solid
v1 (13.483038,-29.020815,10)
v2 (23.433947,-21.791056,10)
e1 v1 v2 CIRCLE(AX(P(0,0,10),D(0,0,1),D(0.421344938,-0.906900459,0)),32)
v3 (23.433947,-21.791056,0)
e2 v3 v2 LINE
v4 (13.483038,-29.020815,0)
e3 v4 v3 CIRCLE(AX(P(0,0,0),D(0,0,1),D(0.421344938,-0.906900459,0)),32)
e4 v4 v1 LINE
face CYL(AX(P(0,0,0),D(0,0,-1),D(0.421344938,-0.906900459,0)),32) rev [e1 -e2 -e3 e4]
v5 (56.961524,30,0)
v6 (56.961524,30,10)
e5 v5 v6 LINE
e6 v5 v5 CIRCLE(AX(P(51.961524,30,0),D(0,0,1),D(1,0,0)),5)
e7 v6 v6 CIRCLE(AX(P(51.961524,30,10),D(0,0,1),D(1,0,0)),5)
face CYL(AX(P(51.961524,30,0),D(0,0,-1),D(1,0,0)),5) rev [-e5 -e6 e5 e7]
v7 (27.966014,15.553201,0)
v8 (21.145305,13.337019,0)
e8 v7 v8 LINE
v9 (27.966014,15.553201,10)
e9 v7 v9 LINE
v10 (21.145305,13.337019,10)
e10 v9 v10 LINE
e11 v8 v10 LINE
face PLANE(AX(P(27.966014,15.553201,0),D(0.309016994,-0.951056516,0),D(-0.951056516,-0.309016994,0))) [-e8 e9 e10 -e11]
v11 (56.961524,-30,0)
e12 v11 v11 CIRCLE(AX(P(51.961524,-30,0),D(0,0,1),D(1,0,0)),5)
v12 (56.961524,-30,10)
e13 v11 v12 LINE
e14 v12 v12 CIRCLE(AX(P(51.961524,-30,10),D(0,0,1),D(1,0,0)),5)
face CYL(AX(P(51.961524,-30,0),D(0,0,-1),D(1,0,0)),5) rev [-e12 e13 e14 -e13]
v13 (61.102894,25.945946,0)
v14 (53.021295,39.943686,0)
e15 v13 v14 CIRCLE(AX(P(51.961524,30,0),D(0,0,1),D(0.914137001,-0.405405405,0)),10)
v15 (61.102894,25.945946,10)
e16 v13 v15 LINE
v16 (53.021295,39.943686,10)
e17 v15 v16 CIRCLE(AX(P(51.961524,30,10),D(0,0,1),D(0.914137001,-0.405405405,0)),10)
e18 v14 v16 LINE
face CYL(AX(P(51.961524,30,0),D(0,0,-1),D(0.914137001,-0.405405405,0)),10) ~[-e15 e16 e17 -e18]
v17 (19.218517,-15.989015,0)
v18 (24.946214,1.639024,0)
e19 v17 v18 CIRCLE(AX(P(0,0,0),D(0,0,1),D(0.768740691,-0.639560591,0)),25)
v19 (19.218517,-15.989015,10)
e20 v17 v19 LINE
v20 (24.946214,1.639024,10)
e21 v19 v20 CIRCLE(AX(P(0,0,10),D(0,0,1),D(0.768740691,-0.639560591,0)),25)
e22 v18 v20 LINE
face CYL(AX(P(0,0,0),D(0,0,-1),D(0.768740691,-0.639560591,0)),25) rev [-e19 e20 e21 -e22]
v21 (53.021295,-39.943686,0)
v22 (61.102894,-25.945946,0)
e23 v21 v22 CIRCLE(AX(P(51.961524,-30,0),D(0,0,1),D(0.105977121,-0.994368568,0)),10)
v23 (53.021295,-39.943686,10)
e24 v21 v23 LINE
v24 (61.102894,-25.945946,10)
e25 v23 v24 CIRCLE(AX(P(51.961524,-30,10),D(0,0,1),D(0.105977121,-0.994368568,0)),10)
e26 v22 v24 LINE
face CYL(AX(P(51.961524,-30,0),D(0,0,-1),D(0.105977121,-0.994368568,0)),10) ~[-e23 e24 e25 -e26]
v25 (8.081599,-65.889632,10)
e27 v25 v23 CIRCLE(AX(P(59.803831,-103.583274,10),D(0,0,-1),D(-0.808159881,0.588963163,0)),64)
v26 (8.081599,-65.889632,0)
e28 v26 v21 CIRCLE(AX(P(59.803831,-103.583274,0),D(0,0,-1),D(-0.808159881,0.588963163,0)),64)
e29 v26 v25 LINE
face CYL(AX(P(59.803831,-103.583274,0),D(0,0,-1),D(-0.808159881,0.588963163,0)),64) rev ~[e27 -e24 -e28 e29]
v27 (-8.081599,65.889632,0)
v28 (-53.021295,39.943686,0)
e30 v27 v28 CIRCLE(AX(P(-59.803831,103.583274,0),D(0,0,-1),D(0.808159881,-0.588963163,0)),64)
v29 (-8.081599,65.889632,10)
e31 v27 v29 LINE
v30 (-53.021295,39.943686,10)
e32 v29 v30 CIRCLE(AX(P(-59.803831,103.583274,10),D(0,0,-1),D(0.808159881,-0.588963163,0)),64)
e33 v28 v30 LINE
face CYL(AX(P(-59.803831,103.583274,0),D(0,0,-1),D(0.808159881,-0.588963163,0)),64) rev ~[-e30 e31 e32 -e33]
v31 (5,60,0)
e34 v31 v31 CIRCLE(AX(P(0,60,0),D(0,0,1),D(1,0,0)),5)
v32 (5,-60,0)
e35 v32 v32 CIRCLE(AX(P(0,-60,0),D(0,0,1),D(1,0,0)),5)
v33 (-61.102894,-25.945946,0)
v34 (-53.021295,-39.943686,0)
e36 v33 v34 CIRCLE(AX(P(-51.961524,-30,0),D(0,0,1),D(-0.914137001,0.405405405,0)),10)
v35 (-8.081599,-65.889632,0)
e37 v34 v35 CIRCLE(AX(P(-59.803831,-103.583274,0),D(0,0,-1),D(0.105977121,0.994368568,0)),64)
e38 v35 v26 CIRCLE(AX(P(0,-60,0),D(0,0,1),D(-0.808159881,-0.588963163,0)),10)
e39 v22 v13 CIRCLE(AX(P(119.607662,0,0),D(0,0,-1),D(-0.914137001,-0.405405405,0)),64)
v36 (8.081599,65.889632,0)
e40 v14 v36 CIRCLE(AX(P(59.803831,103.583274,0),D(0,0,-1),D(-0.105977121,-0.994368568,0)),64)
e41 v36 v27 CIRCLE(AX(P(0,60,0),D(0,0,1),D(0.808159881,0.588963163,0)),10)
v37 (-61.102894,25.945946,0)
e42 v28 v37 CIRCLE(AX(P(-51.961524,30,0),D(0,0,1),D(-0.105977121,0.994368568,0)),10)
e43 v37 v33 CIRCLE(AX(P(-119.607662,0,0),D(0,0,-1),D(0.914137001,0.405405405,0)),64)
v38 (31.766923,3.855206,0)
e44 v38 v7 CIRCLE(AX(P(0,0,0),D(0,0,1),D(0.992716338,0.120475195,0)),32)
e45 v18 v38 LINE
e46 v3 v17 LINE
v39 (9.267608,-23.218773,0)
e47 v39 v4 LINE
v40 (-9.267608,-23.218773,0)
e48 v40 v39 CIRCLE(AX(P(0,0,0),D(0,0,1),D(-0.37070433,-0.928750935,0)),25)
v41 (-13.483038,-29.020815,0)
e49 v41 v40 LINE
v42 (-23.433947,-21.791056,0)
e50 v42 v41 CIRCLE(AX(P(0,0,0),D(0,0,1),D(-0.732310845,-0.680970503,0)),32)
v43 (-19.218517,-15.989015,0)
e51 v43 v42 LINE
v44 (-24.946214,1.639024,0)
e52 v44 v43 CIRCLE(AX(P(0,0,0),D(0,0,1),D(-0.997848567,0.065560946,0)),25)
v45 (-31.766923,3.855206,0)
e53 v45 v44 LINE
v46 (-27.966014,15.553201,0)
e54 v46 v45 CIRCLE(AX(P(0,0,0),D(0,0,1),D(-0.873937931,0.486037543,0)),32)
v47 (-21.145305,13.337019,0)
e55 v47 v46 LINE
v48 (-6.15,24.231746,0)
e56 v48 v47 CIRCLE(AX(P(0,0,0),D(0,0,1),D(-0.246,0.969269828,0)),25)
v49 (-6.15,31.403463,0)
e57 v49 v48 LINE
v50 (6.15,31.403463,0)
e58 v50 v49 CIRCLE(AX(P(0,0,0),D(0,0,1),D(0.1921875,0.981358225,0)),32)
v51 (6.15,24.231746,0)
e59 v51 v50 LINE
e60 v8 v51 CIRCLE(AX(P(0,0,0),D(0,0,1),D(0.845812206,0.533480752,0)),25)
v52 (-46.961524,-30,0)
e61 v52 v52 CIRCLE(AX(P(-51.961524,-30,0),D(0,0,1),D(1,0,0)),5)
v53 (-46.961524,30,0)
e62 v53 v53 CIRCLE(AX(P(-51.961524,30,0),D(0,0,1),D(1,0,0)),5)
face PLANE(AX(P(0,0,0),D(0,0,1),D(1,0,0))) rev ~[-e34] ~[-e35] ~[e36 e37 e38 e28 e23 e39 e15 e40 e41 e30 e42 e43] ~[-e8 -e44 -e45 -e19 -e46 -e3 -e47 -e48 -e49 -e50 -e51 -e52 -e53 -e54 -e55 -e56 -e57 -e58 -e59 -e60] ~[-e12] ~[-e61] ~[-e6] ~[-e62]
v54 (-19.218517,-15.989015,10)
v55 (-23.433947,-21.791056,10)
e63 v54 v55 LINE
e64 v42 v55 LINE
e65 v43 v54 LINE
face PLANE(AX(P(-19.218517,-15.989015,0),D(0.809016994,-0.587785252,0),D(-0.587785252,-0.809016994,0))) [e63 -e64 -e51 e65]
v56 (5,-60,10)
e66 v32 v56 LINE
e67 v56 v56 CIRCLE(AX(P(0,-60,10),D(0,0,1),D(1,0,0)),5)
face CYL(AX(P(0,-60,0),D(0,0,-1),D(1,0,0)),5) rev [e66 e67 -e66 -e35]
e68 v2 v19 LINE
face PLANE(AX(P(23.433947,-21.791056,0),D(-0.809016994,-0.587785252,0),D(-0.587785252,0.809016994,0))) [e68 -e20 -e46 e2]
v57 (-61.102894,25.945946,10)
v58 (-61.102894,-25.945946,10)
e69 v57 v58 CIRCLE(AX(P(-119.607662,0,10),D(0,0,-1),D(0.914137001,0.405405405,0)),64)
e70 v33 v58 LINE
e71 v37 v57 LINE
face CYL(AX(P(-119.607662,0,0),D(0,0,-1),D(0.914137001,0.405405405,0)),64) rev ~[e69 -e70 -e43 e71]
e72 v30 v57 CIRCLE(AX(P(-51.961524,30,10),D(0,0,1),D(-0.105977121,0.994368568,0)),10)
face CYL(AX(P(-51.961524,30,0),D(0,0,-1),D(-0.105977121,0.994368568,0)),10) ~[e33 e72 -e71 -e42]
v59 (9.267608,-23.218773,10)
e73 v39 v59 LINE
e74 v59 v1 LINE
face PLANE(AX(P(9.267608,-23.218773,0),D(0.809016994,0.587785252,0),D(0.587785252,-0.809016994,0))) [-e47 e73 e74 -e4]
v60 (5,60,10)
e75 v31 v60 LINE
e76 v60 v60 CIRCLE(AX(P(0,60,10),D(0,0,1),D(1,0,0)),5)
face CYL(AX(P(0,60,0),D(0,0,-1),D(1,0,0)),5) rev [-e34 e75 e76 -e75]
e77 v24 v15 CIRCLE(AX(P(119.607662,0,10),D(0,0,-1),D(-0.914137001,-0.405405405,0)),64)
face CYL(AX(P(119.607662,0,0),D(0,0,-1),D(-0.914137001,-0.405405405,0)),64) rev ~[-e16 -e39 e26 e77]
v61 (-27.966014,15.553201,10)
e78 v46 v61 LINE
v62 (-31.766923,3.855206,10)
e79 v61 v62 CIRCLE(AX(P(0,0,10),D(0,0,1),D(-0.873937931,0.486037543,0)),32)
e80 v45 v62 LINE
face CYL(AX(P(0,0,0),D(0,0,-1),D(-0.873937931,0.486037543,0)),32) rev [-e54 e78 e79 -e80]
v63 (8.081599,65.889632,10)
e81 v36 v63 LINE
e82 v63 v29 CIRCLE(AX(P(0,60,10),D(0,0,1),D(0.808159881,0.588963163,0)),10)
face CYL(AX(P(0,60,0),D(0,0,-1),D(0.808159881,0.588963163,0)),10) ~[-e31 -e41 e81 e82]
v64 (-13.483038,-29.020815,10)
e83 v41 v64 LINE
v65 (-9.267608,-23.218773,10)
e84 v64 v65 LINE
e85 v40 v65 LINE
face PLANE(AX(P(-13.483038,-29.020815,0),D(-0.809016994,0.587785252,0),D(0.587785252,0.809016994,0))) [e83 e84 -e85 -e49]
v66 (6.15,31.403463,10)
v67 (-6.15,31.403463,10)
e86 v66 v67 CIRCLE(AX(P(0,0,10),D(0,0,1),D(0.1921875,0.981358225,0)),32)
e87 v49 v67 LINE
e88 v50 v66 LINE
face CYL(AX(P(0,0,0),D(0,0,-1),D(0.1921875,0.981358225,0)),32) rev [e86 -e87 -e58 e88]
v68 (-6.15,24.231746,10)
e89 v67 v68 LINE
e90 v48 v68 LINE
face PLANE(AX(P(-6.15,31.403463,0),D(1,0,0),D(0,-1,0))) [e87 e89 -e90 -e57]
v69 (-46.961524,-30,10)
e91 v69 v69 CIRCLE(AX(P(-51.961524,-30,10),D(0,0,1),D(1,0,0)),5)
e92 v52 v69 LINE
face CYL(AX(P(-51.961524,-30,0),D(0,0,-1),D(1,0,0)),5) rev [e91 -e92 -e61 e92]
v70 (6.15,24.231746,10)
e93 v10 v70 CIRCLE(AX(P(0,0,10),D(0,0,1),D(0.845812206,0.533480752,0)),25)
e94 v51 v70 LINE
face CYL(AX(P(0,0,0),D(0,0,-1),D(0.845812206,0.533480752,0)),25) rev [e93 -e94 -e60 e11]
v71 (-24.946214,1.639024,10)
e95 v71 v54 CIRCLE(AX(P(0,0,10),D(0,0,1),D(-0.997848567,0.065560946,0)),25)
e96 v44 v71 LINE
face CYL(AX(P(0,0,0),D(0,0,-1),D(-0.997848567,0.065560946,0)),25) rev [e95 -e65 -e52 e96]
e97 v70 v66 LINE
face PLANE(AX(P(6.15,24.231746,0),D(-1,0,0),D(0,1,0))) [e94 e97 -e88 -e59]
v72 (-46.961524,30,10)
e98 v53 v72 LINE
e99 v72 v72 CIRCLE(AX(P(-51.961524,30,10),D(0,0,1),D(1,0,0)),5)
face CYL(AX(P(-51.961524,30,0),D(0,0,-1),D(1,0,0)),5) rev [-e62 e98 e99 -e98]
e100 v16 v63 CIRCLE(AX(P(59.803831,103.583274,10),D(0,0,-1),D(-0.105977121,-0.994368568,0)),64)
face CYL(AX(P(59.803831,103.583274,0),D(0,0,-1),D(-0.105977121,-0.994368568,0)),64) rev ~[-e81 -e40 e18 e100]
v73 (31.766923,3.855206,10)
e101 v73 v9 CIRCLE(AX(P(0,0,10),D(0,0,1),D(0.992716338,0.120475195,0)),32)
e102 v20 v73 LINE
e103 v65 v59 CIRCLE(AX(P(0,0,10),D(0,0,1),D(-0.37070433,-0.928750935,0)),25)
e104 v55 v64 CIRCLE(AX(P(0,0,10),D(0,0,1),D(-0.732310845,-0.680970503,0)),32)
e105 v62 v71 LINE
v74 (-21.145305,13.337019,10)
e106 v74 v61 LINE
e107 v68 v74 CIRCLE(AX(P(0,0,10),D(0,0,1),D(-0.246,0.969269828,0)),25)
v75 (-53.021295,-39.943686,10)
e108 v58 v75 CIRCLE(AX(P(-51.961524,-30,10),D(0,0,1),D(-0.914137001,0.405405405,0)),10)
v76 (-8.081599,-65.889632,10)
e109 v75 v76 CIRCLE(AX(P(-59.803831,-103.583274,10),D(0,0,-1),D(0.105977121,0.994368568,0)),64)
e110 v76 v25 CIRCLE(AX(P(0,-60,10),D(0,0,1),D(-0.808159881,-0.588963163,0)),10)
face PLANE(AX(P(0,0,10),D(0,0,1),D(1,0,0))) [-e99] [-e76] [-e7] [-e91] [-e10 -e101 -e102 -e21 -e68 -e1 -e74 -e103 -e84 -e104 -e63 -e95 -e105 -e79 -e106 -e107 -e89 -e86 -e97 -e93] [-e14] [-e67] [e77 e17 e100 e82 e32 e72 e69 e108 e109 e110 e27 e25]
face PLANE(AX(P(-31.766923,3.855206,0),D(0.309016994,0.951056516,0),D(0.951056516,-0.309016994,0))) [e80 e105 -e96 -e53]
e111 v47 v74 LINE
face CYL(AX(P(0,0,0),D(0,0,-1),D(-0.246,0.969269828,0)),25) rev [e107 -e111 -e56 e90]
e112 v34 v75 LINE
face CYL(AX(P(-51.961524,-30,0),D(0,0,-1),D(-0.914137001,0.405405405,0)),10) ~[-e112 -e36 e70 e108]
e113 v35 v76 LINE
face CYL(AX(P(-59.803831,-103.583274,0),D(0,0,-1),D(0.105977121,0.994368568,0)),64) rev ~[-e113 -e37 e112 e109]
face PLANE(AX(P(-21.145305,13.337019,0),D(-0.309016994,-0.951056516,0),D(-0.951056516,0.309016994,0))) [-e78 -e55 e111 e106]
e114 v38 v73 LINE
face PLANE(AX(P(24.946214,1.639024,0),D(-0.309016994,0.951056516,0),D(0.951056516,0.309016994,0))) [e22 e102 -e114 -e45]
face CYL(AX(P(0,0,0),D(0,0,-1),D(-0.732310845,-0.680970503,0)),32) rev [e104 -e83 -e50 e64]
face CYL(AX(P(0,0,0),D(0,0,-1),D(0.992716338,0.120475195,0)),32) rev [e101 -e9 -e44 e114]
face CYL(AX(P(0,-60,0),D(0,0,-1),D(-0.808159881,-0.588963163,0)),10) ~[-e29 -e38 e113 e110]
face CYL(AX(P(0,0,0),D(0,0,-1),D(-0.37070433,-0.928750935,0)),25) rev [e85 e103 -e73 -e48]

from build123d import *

# Parameters (mm, degrees)
CROQUIS1_R              = 5
SALIENTE_EXTRUIR1_DEPTH = 10


with BuildPart() as part:
    # Croquis1 → Saliente-Extruir1 (new body)
    with BuildSketch(Plane.XY):
        with BuildLine():
            ThreePointArc((8.081598806, 65.88963163), (0, 70), (-8.081598806, 65.88963163))
            ThreePointArc((-8.081598806, 65.88963163), (-27.803831164, 48.157648221), (-53.021295435, 39.943685684))
            ThreePointArc((-53.021295435, 39.943685684), (-60.621778265, 35), (-61.102894241, 25.945945946))
            ThreePointArc((-61.102894241, 25.945945946), (-55.607662328, 0), (-61.102894241, -25.945945946))
            ThreePointArc((-61.102894241, -25.945945946), (-60.621778265, -35), (-53.021295435, -39.943685684))
            ThreePointArc((-53.021295435, -39.943685684), (-27.803831164, -48.157648221), (-8.081598806, -65.88963163))
            ThreePointArc((-8.081598806, -65.88963163), (0, -70), (8.081598806, -65.88963163))
            ThreePointArc((8.081598806, -65.88963163), (27.803831164, -48.157648221), (53.021295435, -39.943685684))
            ThreePointArc((53.021295435, -39.943685684), (60.621778265, -35), (61.102894241, -25.945945946))
            ThreePointArc((61.102894241, -25.945945946), (55.607662328, 0), (61.102894241, 25.945945946))
            ThreePointArc((61.102894241, 25.945945946), (60.621778265, 35), (53.021295435, 39.943685684))
            ThreePointArc((53.021295435, 39.943685684), (27.803831164, 48.157648221), (8.081598806, 65.88963163))
        make_face()
        with Locations((0, 60)):
            Circle(CROQUIS1_R, mode=Mode.SUBTRACT)
        with Locations((51.961524227, 30)):
            Circle(CROQUIS1_R, mode=Mode.SUBTRACT)
        with Locations((51.961524227, -30)):
            Circle(CROQUIS1_R, mode=Mode.SUBTRACT)
        with Locations((0, -60)):
            Circle(CROQUIS1_R, mode=Mode.SUBTRACT)
        with Locations((-51.961524227, -30)):
            Circle(CROQUIS1_R, mode=Mode.SUBTRACT)
        with Locations((-51.961524227, 30)):
            Circle(CROQUIS1_R, mode=Mode.SUBTRACT)
        with BuildLine():
            Line((27.966013781, 15.553201382), (21.14530514, 13.337018802))
            ThreePointArc((21.14530514, 13.337018802), (14.694631307, 20.225424859), (6.15, 24.231745707))
            Line((6.15, 24.231745707), (6.15, 31.403463185))
            ThreePointArc((6.15, 31.403463185), (0, 32), (-6.15, 31.403463185))
            Line((-6.15, 31.403463185), (-6.15, 24.231745707))
            ThreePointArc((-6.15, 24.231745707), (-14.694631307, 20.225424859), (-21.14530514, 13.337018802))
            Line((-21.14530514, 13.337018802), (-27.966013781, 15.553201382))
            ThreePointArc((-27.966013781, 15.553201382), (-30.433808521, 9.88854382), (-31.766922812, 3.855206231))
            Line((-31.766922812, 3.855206231), (-24.946214171, 1.639023652))
            ThreePointArc((-24.946214171, 1.639023652), (-23.776412907, -7.725424859), (-19.218517279, -15.989014779))
            Line((-19.218517279, -15.989014779), (-23.433947046, -21.791056097))
            ThreePointArc((-23.433947046, -21.791056097), (-18.809128073, -25.88854382), (-13.483038016, -29.0208147))
            Line((-13.483038016, -29.0208147), (-9.267608248, -23.218773382))
            ThreePointArc((-9.267608248, -23.218773382), (0, -25), (9.267608248, -23.218773382))
            Line((9.267608248, -23.218773382), (13.483038016, -29.0208147))
            ThreePointArc((13.483038016, -29.0208147), (18.809128073, -25.88854382), (23.433947046, -21.791056097))
            Line((23.433947046, -21.791056097), (19.218517279, -15.989014779))
            ThreePointArc((19.218517279, -15.989014779), (23.776412907, -7.725424859), (24.946214171, 1.639023652))
            Line((24.946214171, 1.639023652), (31.766922812, 3.855206231))
            ThreePointArc((31.766922812, 3.855206231), (30.433808521, 9.88854382), (27.966013781, 15.553201382))
        make_face(mode=Mode.SUBTRACT)
    extrude(amount=SALIENTE_EXTRUIR1_DEPTH)


solid = part.part
